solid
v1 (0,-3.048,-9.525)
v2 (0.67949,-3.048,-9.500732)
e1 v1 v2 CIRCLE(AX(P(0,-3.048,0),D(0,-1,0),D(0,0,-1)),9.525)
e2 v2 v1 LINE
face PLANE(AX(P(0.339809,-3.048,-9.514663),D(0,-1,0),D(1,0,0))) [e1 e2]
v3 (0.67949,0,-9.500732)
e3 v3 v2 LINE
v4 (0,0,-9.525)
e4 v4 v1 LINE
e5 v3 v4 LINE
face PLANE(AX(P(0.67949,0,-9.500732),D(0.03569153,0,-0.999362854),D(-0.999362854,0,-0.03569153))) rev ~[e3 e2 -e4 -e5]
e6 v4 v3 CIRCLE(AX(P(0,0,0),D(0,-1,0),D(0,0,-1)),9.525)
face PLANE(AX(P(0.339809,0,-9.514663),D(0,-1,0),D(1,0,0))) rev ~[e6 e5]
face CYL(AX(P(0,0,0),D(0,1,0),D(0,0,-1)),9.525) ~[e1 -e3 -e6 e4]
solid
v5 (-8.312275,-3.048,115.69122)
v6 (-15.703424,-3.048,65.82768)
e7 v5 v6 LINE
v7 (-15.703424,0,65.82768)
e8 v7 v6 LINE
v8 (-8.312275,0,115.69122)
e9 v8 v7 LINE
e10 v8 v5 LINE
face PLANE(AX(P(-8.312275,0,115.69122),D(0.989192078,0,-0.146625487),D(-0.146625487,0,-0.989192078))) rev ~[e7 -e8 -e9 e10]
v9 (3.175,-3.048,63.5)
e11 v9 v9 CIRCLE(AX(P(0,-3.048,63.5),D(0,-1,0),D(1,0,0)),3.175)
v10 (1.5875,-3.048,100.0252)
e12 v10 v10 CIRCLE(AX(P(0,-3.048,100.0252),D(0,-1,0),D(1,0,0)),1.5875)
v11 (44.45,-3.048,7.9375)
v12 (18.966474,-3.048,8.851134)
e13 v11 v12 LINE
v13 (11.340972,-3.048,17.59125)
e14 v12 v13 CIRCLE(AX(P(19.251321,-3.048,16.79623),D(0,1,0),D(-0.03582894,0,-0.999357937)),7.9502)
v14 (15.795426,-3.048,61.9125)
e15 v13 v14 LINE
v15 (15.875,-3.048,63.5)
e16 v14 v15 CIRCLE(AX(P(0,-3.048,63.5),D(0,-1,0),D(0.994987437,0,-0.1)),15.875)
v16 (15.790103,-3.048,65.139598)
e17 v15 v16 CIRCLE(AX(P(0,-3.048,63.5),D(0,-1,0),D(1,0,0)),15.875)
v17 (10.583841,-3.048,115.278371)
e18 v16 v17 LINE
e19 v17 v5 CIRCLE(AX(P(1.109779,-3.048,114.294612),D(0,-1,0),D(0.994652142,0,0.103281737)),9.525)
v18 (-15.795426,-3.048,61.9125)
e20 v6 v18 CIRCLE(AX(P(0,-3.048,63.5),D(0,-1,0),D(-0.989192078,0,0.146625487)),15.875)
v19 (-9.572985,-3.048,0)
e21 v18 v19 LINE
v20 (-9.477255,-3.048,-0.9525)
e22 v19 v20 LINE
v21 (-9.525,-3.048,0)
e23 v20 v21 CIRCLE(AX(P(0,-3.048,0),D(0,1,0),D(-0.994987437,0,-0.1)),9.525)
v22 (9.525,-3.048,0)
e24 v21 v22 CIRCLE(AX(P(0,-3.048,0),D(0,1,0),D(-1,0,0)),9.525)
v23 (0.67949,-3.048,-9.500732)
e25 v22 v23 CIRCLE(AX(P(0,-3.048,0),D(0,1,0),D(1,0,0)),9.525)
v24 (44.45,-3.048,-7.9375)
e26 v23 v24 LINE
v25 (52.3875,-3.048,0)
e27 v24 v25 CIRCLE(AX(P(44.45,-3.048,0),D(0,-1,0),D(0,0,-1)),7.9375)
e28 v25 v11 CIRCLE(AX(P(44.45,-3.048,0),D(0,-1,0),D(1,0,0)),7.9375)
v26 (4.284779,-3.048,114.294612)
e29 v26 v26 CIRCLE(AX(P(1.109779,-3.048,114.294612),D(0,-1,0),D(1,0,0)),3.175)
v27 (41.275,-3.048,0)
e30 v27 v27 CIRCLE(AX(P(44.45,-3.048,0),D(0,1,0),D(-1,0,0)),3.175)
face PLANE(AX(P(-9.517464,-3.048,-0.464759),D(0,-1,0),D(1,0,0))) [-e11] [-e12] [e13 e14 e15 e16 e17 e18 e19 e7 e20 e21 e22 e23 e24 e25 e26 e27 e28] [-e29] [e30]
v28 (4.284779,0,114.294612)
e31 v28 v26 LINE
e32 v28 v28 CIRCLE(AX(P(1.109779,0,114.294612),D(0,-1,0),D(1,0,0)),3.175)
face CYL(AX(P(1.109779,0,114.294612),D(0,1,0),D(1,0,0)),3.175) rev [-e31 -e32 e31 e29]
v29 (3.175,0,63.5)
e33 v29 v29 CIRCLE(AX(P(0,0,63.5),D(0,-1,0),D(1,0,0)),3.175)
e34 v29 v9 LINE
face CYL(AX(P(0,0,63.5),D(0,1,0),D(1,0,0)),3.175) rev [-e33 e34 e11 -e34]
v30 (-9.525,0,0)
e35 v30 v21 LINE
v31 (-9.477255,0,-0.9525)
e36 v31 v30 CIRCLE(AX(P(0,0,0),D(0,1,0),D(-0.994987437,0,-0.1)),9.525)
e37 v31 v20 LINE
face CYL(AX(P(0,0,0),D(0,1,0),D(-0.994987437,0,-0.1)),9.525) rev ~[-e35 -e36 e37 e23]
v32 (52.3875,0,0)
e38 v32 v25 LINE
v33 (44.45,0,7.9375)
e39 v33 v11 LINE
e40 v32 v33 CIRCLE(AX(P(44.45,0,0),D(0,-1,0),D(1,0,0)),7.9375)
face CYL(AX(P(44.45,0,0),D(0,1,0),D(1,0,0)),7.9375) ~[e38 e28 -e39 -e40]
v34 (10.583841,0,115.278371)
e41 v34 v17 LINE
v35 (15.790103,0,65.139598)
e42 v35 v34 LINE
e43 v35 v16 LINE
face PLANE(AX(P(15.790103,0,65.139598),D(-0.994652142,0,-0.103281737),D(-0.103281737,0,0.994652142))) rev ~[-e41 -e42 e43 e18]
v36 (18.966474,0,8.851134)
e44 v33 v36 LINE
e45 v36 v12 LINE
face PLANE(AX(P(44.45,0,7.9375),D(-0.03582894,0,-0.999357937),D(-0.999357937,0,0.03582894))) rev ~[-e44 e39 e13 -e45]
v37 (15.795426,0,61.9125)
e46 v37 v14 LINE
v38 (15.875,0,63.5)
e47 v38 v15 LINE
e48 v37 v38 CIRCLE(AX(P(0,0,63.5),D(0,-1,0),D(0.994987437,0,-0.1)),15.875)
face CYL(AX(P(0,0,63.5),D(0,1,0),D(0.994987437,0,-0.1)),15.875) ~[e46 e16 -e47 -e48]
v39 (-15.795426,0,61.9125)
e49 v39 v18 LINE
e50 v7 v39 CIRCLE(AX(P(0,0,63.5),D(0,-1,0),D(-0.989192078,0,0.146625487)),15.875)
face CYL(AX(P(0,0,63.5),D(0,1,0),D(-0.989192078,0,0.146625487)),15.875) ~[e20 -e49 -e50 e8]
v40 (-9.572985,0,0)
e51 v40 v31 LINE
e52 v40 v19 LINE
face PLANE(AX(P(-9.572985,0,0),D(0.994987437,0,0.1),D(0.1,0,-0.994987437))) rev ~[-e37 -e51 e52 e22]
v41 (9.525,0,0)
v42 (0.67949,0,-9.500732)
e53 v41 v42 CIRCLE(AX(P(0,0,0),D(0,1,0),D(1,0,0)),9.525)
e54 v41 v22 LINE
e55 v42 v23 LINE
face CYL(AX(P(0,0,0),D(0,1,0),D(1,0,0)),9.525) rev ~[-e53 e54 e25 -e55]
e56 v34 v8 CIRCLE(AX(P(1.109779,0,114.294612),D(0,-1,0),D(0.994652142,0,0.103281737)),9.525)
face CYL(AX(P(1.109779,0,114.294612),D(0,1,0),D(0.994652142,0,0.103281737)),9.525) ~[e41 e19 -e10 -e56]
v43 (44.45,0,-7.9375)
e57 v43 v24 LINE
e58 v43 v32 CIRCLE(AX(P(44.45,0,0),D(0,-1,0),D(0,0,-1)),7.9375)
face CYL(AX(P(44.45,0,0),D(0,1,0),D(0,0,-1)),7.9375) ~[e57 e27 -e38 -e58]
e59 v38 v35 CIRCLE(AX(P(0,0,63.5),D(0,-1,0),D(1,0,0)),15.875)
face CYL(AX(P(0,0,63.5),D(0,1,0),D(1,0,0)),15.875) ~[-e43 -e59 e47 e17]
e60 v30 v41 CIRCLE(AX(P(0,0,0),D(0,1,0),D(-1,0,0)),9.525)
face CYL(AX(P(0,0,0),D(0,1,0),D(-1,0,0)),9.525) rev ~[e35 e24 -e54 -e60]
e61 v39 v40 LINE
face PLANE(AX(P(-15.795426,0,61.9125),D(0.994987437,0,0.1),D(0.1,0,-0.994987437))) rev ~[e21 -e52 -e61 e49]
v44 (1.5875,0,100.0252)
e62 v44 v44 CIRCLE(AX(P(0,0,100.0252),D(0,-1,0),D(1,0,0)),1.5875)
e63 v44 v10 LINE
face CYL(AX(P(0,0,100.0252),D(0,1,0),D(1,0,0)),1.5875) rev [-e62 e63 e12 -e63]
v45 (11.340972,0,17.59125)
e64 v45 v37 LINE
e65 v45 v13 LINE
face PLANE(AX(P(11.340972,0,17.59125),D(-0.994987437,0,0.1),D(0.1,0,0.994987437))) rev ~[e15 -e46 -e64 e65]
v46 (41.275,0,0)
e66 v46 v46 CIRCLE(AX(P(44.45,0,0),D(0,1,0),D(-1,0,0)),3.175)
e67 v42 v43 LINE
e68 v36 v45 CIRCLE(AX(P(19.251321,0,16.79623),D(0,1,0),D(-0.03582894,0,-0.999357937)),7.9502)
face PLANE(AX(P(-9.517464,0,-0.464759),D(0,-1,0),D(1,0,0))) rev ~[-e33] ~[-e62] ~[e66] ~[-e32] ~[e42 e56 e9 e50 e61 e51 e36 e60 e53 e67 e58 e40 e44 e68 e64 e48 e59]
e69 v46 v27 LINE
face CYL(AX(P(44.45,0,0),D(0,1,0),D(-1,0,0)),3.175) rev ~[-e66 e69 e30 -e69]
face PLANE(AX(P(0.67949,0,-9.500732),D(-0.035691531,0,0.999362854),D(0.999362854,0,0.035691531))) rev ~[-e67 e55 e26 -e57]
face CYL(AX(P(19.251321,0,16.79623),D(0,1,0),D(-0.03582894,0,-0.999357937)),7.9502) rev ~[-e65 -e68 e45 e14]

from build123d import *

# Parameters (mm, degrees)
F1_DEPTH = 3.048
F0_R     = 3.175
F0_R_2   = 1.5875


with BuildPart() as f1:
    # F0 (on Front) → F1 (new body)
    with BuildSketch(Plane.XZ):
        with BuildLine():
            Line((0.6794904459, -9.5007324841), (0, -9.525))
            ThreePointArc((0, -9.525), (0.3399618281, -9.5189311877), (0.6794904459, -9.5007324841))
        make_face()
    extrude(amount=F1_DEPTH)


with BuildPart() as f1b:
    # F0 (on Front) → F1, piece 2 (new body)
    with BuildSketch(Plane.XZ):
        with BuildLine():
            ThreePointArc((-9.4772553384, -0.9525), (-9.5130563464, -0.4768479324), (-9.525, 0))
            Line((-9.525, 0), (-9.5729851903, 0))
            Line((-9.5729851903, 0), (-9.4772553384, -0.9525))
        make_face()
        with BuildLine():
            ThreePointArc((10.5838407899, 115.2783708019), (1.3178351498, 123.8173396834), (-8.3122753992, 115.691220013))
            ThreePointArc((-8.3122753992, 115.691220013), (0.4095807766, 104.7953834825), (10.6347791414, 114.2946122538))
            ThreePointArc((10.6347791414, 114.2946122538), (10.6220360293, 114.7871504748), (10.5838407899, 115.2783708019))
        make_face()
        with Locations((1.1097791414, 114.2946122538)):
            Circle(F0_R, mode=Mode.SUBTRACT)
        with BuildLine():
            Line((36.5125, 0), (9.525, 0))
            ThreePointArc((9.525, 0), (6.9712901065, -6.4905114784), (0.6794904459, -9.5007324841))
            Line((0.6794904459, -9.5007324841), (44.45, -7.9375))
            ThreePointArc((44.45, -7.9375), (38.8373399243, -5.6126600757), (36.5125, 0))
        make_face()
        with BuildLine():
            ThreePointArc((44.45, 7.9375), (38.8373399243, 5.6126600757), (36.5125, 0))
            ThreePointArc((36.5125, 0), (38.8373399243, -5.6126600757), (44.45, -7.9375))
            ThreePointArc((44.45, -7.9375), (50.0626600757, -5.6126600757), (52.3875, 0))
            ThreePointArc((52.3875, 0), (50.0626600757, 5.6126600757), (44.45, 7.9375))
        make_face()
        with BuildLine():
            ThreePointArc((47.625, 0), (44.45, -3.175), (41.275, 0))
            ThreePointArc((41.275, 0), (44.45, 3.175), (47.625, 0))
        make_face(mode=Mode.SUBTRACT)
        with BuildLine():
            Line((-8.3122753992, 115.691220013), (-15.7034242344, 65.8276795986))
            ThreePointArc((-15.7034242344, 65.8276795986), (0.3467600139, 79.3712123826), (15.7901027475, 65.13959758))
            Line((15.7901027475, 65.13959758), (10.5838407899, 115.2783708019))
            ThreePointArc((10.5838407899, 115.2783708019), (10.6220360293, 114.7871504748), (10.6347791414, 114.2946122538))
            ThreePointArc((10.6347791414, 114.2946122538), (0.4095807766, 104.7953834825), (-8.3122753992, 115.691220013))
        make_face()
        with Locations((0, 100.0252)):
            Circle(F0_R_2, mode=Mode.SUBTRACT)
        with BuildLine():
            ThreePointArc((-15.7034242344, 65.8276795986), (-15.8706188436, 63.8729376901), (-15.7954255641, 61.9125))
            ThreePointArc((-15.7954255641, 61.9125), (0, 47.625), (15.7954255641, 61.9125))
            ThreePointArc((15.7954255641, 61.9125), (15.8550939106, 62.7052534459), (15.875, 63.5))
            ThreePointArc((15.875, 63.5), (15.8537614798, 64.3208970349), (15.7901027475, 65.13959758))
            ThreePointArc((15.7901027475, 65.13959758), (0.3467600139, 79.3712123826), (-15.7034242344, 65.8276795986))
        make_face()
        with Locations((0, 63.5)):
            Circle(F0_R, mode=Mode.SUBTRACT)
        with BuildLine():
            Line((-9.5729851903, 0), (-9.525, 0))
            ThreePointArc((-9.525, 0), (0, 9.525), (9.525, 0))
            Line((9.525, 0), (36.5125, 0))
            ThreePointArc((36.5125, 0), (38.8373399243, 5.6126600757), (44.45, 7.9375))
            Line((44.45, 7.9375), (18.9664742022, 8.8511343208))
            ThreePointArc((18.9664742022, 8.8511343208), (13.260685791, 11.5695707689), (11.3409723165, 17.5912497948))
            Line((11.3409723165, 17.5912497948), (15.7954255641, 61.9125))
            ThreePointArc((15.7954255641, 61.9125), (0, 47.625), (-15.7954255641, 61.9125))
            Line((-15.7954255641, 61.9125), (-9.5729851903, 0))
        make_face()
    extrude(amount=F1_DEPTH)


solid = Compound([f1.part, f1b.part])
